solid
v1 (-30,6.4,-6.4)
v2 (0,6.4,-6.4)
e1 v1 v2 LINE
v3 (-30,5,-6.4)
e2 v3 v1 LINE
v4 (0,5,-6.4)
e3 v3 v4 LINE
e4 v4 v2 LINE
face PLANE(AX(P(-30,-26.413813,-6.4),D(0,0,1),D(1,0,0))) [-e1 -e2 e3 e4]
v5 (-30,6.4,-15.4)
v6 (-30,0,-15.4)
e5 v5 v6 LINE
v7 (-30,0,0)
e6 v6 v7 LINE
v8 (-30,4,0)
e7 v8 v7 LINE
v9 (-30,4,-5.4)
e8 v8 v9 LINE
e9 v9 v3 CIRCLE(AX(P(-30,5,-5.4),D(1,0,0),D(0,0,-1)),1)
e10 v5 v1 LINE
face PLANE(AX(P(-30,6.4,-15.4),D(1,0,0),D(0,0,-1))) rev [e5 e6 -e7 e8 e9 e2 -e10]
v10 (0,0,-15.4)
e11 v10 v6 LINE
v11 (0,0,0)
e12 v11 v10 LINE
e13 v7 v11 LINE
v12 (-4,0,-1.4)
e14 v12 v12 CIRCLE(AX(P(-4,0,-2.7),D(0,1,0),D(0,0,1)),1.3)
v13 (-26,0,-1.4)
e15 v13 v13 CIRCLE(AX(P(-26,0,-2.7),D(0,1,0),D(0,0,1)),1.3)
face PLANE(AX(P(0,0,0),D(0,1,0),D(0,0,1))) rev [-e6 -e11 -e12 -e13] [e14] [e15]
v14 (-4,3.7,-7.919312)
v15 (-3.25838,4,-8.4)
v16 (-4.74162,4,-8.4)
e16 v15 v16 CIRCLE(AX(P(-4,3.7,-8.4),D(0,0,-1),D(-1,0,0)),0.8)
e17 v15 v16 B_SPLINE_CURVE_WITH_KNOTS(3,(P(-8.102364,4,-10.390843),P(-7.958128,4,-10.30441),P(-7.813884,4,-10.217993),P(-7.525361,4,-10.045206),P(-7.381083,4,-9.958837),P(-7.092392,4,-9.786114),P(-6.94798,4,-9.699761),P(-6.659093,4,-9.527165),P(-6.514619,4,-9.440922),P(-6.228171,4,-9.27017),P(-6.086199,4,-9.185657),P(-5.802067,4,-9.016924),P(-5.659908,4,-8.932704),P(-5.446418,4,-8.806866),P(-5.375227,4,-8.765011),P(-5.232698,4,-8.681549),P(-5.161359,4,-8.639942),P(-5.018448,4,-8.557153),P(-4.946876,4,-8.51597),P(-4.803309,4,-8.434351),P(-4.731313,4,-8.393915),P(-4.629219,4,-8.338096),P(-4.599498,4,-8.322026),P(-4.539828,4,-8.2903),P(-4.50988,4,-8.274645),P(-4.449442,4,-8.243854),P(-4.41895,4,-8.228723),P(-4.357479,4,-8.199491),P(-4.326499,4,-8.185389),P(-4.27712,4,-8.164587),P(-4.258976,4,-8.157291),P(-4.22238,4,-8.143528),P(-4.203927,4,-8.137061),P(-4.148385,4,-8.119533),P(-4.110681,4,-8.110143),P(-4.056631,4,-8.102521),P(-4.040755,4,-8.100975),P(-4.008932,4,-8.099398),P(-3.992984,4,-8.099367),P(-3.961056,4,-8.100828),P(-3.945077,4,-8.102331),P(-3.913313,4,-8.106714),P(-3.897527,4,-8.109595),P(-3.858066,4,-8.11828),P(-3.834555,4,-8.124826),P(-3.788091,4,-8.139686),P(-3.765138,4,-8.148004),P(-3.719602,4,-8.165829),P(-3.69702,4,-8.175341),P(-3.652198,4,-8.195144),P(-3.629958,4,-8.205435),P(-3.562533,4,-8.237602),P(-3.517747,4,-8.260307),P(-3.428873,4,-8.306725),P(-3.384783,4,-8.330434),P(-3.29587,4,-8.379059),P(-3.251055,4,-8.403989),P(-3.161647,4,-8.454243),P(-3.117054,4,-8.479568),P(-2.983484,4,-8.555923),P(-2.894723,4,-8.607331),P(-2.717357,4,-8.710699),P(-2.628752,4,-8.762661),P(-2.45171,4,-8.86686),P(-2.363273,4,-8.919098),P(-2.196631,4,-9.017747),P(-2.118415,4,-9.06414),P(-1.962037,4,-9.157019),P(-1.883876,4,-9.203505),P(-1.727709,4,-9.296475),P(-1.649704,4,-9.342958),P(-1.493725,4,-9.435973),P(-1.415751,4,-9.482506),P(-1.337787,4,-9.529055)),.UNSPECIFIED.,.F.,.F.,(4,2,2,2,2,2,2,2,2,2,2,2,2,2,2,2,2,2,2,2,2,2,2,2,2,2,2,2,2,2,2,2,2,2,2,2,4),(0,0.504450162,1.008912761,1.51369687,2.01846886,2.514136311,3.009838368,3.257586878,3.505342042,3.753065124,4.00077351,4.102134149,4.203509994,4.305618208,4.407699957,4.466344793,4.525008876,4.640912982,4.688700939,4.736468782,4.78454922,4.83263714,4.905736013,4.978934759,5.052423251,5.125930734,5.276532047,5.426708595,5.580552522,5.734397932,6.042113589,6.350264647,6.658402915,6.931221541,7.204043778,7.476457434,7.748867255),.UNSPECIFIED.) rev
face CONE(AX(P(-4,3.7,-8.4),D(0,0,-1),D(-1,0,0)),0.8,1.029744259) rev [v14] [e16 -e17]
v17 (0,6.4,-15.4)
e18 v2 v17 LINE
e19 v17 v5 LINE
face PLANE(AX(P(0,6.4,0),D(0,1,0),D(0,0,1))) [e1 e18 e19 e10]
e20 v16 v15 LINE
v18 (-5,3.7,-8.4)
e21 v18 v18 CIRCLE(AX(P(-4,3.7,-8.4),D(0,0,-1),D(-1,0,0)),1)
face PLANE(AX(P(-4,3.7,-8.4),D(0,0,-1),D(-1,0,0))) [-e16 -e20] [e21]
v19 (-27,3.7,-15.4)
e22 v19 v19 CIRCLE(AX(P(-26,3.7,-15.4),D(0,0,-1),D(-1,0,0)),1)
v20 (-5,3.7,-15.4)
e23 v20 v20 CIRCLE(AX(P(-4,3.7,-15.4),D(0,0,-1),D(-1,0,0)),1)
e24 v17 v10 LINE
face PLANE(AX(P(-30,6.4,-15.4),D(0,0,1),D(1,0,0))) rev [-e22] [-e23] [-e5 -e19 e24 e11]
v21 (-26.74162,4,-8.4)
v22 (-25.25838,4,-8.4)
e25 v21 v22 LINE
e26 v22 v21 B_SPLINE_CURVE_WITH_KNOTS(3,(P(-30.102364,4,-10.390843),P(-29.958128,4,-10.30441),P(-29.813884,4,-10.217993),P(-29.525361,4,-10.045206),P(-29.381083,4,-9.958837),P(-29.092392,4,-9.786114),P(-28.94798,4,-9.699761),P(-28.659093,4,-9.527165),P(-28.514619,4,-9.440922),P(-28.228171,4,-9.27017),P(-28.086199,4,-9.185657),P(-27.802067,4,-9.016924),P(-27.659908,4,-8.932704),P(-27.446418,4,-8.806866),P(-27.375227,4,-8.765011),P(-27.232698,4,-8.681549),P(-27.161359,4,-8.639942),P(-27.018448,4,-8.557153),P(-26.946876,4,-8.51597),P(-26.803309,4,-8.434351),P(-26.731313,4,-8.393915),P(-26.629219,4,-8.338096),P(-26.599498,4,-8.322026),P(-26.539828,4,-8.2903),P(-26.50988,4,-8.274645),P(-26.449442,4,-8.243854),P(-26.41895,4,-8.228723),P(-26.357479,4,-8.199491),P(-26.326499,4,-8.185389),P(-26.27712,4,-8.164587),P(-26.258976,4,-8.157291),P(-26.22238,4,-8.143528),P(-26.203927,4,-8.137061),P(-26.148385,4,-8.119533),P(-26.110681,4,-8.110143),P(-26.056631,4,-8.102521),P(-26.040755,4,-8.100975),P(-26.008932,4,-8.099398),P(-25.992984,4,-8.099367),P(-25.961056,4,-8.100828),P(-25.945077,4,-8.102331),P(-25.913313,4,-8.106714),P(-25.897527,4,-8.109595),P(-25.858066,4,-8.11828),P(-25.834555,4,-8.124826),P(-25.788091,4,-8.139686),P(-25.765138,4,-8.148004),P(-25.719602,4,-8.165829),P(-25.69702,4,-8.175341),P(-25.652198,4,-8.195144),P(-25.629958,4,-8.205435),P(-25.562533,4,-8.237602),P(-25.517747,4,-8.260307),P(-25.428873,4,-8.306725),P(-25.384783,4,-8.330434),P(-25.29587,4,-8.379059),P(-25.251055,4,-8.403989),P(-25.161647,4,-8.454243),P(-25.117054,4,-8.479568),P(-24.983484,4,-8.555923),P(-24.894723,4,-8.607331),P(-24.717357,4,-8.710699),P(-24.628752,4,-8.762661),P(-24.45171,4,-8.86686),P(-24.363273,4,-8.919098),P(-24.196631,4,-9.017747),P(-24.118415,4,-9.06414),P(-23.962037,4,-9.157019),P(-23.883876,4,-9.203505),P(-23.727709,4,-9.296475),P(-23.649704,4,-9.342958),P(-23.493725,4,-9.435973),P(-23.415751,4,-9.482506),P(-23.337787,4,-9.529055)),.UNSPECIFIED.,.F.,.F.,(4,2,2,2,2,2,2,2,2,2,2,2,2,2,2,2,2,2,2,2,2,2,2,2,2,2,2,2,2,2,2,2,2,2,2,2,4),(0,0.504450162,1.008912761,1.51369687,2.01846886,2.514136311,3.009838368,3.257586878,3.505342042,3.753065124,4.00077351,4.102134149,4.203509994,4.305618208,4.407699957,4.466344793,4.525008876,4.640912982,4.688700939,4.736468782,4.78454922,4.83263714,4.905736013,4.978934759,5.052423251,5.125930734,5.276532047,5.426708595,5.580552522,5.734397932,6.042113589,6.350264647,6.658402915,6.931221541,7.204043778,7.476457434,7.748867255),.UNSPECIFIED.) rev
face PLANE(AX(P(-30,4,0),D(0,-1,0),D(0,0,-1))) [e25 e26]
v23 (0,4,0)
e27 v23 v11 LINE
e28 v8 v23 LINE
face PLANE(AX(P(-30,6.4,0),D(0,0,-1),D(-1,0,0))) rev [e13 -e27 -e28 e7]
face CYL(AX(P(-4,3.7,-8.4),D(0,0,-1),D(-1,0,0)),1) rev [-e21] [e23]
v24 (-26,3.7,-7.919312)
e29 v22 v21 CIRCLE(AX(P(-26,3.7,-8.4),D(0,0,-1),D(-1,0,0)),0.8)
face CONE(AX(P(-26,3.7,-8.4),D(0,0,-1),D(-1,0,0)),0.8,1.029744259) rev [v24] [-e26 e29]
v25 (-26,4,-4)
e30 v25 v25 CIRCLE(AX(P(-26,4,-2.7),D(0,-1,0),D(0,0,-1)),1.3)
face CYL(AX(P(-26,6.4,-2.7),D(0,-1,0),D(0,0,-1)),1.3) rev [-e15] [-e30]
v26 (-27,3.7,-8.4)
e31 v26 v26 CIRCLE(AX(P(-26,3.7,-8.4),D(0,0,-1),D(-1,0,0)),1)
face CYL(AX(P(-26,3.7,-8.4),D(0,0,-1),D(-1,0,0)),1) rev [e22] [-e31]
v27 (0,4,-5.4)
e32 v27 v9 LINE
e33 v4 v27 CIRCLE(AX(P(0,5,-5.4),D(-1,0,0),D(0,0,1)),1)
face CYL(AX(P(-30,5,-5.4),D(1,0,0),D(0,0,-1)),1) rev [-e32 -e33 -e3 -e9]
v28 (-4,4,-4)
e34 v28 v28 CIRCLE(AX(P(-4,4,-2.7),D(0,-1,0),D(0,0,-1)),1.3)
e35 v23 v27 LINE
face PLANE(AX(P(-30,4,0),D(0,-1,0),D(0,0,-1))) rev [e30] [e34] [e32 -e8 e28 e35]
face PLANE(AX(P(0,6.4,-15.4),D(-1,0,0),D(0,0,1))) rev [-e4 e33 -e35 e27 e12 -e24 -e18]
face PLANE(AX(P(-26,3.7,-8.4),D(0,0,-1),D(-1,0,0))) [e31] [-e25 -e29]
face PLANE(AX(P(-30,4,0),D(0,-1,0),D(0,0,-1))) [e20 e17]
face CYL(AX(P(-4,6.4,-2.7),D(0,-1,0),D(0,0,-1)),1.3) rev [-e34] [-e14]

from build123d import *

# Parameters (mm, degrees)
SKETCH1_W                 = 30
SKETCH1_H                 = 15.4
BOSS_EXTRUDE1_DEPTH       = 6.4
SKETCH4_R                 = 1.3
CUT_EXTRUDE3_DEPTH        = 7.4
SKETCH8_W                 = 11.4
SKETCH8_H                 = 2.4
CUT_EXTRUDE4_DEPTH        = 31
SKETCH9_R                 = 0.5
CUT_EXTRUDE5_DEPTH        = 7
M2X0_4_TAPPED_HOLE1_D     = 1.6
M2X0_4_TAPPED_HOLE1_DEPTH = 7
M2X0_4_TAPPED_HOLE1_TIP   = 0.480688495
SKETCH14_W                = 30
SKETCH14_H                = 5
BOSS_EXTRUDE2_DEPTH       = 2.4
SKETCH13_R                = 1
CUT_EXTRUDE6_DEPTH        = 7
FILLET1_R                 = 1


with BuildPart() as part:
    # Sketch1 → Boss-Extrude1 (new body)
    with BuildSketch(Plane(origin=(0, 0, 0), x_dir=(1, 0, 0), z_dir=(0, 1, 0))):
        with Locations((-15, 7.7)):
            Rectangle(SKETCH1_W, SKETCH1_H)
    extrude(amount=BOSS_EXTRUDE1_DEPTH)

    # Sketch4 → Cut-Extrude3 (cut, through all)
    with BuildSketch(Plane(origin=(0, 0, 0), x_dir=(1, 0, 0), z_dir=(0, 1, 0))):
        with Locations((-26, 2.7)):
            Circle(SKETCH4_R)
        with Locations((-4, 2.7)):
            Circle(SKETCH4_R)
    extrude(amount=CUT_EXTRUDE3_DEPTH, mode=Mode.SUBTRACT)

    # Sketch8 → Cut-Extrude4 (cut, through all)
    with BuildSketch(Plane(origin=(0, 0, 0), x_dir=(0, 0, -1), z_dir=(1, 0, 0))):
        with Locations((5.7, 5.2)):
            Rectangle(SKETCH8_W, SKETCH8_H)
    extrude(amount=-CUT_EXTRUDE4_DEPTH, mode=Mode.SUBTRACT)

    # Sketch9 → Cut-Extrude5 (cut)
    with BuildSketch(Plane(origin=(0, 0, -15.4), x_dir=(-1, 0, 0), z_dir=(0, 0, -1))):
        with Locations((4, 3.7)):
            Circle(SKETCH9_R)
        with Locations((26, 3.7)):
            Circle(SKETCH9_R)
    extrude(amount=-CUT_EXTRUDE5_DEPTH, mode=Mode.SUBTRACT)

    # M2x0.4 Tapped Hole1
    with Locations(Plane(origin=(0, 0, -15.4), x_dir=(-1, 0, 0), z_dir=(0, 0, -1))):
        with Locations((4, 3.7), (26, 3.7)):
            Hole(M2X0_4_TAPPED_HOLE1_D / 2, depth=M2X0_4_TAPPED_HOLE1_DEPTH)
            with Locations((0, 0, -(M2X0_4_TAPPED_HOLE1_DEPTH + M2X0_4_TAPPED_HOLE1_TIP / 2))):  # 118° drill point
                Cone(0, M2X0_4_TAPPED_HOLE1_D / 2, M2X0_4_TAPPED_HOLE1_TIP, mode=Mode.SUBTRACT)

    # Sketch14 → Boss-Extrude2 (add)
    with BuildSketch(Plane(origin=(0, 6.4, 0), x_dir=(1, 0, 0), z_dir=(0, 1, 0))):
        with Locations((-15, 8.9)):
            Rectangle(SKETCH14_W, SKETCH14_H)
    extrude(amount=-BOSS_EXTRUDE2_DEPTH)

    # Sketch13 → Cut-Extrude6 (cut)
    with BuildSketch(Plane(origin=(0, 0, -15.4), x_dir=(-1, 0, 0), z_dir=(0, 0, -1))):
        with Locations((4, 3.7)):
            Circle(SKETCH13_R)
        with Locations((26, 3.7)):
            Circle(SKETCH13_R)
    extrude(amount=-CUT_EXTRUDE6_DEPTH, mode=Mode.SUBTRACT)

    # Fillet1
    fillet1_edges = [part.edges().sort_by_distance(p)[0] for p in [
        (-15, 4, -6.4),
    ]]
    fillet(fillet1_edges, radius=FILLET1_R)


solid = part.part
